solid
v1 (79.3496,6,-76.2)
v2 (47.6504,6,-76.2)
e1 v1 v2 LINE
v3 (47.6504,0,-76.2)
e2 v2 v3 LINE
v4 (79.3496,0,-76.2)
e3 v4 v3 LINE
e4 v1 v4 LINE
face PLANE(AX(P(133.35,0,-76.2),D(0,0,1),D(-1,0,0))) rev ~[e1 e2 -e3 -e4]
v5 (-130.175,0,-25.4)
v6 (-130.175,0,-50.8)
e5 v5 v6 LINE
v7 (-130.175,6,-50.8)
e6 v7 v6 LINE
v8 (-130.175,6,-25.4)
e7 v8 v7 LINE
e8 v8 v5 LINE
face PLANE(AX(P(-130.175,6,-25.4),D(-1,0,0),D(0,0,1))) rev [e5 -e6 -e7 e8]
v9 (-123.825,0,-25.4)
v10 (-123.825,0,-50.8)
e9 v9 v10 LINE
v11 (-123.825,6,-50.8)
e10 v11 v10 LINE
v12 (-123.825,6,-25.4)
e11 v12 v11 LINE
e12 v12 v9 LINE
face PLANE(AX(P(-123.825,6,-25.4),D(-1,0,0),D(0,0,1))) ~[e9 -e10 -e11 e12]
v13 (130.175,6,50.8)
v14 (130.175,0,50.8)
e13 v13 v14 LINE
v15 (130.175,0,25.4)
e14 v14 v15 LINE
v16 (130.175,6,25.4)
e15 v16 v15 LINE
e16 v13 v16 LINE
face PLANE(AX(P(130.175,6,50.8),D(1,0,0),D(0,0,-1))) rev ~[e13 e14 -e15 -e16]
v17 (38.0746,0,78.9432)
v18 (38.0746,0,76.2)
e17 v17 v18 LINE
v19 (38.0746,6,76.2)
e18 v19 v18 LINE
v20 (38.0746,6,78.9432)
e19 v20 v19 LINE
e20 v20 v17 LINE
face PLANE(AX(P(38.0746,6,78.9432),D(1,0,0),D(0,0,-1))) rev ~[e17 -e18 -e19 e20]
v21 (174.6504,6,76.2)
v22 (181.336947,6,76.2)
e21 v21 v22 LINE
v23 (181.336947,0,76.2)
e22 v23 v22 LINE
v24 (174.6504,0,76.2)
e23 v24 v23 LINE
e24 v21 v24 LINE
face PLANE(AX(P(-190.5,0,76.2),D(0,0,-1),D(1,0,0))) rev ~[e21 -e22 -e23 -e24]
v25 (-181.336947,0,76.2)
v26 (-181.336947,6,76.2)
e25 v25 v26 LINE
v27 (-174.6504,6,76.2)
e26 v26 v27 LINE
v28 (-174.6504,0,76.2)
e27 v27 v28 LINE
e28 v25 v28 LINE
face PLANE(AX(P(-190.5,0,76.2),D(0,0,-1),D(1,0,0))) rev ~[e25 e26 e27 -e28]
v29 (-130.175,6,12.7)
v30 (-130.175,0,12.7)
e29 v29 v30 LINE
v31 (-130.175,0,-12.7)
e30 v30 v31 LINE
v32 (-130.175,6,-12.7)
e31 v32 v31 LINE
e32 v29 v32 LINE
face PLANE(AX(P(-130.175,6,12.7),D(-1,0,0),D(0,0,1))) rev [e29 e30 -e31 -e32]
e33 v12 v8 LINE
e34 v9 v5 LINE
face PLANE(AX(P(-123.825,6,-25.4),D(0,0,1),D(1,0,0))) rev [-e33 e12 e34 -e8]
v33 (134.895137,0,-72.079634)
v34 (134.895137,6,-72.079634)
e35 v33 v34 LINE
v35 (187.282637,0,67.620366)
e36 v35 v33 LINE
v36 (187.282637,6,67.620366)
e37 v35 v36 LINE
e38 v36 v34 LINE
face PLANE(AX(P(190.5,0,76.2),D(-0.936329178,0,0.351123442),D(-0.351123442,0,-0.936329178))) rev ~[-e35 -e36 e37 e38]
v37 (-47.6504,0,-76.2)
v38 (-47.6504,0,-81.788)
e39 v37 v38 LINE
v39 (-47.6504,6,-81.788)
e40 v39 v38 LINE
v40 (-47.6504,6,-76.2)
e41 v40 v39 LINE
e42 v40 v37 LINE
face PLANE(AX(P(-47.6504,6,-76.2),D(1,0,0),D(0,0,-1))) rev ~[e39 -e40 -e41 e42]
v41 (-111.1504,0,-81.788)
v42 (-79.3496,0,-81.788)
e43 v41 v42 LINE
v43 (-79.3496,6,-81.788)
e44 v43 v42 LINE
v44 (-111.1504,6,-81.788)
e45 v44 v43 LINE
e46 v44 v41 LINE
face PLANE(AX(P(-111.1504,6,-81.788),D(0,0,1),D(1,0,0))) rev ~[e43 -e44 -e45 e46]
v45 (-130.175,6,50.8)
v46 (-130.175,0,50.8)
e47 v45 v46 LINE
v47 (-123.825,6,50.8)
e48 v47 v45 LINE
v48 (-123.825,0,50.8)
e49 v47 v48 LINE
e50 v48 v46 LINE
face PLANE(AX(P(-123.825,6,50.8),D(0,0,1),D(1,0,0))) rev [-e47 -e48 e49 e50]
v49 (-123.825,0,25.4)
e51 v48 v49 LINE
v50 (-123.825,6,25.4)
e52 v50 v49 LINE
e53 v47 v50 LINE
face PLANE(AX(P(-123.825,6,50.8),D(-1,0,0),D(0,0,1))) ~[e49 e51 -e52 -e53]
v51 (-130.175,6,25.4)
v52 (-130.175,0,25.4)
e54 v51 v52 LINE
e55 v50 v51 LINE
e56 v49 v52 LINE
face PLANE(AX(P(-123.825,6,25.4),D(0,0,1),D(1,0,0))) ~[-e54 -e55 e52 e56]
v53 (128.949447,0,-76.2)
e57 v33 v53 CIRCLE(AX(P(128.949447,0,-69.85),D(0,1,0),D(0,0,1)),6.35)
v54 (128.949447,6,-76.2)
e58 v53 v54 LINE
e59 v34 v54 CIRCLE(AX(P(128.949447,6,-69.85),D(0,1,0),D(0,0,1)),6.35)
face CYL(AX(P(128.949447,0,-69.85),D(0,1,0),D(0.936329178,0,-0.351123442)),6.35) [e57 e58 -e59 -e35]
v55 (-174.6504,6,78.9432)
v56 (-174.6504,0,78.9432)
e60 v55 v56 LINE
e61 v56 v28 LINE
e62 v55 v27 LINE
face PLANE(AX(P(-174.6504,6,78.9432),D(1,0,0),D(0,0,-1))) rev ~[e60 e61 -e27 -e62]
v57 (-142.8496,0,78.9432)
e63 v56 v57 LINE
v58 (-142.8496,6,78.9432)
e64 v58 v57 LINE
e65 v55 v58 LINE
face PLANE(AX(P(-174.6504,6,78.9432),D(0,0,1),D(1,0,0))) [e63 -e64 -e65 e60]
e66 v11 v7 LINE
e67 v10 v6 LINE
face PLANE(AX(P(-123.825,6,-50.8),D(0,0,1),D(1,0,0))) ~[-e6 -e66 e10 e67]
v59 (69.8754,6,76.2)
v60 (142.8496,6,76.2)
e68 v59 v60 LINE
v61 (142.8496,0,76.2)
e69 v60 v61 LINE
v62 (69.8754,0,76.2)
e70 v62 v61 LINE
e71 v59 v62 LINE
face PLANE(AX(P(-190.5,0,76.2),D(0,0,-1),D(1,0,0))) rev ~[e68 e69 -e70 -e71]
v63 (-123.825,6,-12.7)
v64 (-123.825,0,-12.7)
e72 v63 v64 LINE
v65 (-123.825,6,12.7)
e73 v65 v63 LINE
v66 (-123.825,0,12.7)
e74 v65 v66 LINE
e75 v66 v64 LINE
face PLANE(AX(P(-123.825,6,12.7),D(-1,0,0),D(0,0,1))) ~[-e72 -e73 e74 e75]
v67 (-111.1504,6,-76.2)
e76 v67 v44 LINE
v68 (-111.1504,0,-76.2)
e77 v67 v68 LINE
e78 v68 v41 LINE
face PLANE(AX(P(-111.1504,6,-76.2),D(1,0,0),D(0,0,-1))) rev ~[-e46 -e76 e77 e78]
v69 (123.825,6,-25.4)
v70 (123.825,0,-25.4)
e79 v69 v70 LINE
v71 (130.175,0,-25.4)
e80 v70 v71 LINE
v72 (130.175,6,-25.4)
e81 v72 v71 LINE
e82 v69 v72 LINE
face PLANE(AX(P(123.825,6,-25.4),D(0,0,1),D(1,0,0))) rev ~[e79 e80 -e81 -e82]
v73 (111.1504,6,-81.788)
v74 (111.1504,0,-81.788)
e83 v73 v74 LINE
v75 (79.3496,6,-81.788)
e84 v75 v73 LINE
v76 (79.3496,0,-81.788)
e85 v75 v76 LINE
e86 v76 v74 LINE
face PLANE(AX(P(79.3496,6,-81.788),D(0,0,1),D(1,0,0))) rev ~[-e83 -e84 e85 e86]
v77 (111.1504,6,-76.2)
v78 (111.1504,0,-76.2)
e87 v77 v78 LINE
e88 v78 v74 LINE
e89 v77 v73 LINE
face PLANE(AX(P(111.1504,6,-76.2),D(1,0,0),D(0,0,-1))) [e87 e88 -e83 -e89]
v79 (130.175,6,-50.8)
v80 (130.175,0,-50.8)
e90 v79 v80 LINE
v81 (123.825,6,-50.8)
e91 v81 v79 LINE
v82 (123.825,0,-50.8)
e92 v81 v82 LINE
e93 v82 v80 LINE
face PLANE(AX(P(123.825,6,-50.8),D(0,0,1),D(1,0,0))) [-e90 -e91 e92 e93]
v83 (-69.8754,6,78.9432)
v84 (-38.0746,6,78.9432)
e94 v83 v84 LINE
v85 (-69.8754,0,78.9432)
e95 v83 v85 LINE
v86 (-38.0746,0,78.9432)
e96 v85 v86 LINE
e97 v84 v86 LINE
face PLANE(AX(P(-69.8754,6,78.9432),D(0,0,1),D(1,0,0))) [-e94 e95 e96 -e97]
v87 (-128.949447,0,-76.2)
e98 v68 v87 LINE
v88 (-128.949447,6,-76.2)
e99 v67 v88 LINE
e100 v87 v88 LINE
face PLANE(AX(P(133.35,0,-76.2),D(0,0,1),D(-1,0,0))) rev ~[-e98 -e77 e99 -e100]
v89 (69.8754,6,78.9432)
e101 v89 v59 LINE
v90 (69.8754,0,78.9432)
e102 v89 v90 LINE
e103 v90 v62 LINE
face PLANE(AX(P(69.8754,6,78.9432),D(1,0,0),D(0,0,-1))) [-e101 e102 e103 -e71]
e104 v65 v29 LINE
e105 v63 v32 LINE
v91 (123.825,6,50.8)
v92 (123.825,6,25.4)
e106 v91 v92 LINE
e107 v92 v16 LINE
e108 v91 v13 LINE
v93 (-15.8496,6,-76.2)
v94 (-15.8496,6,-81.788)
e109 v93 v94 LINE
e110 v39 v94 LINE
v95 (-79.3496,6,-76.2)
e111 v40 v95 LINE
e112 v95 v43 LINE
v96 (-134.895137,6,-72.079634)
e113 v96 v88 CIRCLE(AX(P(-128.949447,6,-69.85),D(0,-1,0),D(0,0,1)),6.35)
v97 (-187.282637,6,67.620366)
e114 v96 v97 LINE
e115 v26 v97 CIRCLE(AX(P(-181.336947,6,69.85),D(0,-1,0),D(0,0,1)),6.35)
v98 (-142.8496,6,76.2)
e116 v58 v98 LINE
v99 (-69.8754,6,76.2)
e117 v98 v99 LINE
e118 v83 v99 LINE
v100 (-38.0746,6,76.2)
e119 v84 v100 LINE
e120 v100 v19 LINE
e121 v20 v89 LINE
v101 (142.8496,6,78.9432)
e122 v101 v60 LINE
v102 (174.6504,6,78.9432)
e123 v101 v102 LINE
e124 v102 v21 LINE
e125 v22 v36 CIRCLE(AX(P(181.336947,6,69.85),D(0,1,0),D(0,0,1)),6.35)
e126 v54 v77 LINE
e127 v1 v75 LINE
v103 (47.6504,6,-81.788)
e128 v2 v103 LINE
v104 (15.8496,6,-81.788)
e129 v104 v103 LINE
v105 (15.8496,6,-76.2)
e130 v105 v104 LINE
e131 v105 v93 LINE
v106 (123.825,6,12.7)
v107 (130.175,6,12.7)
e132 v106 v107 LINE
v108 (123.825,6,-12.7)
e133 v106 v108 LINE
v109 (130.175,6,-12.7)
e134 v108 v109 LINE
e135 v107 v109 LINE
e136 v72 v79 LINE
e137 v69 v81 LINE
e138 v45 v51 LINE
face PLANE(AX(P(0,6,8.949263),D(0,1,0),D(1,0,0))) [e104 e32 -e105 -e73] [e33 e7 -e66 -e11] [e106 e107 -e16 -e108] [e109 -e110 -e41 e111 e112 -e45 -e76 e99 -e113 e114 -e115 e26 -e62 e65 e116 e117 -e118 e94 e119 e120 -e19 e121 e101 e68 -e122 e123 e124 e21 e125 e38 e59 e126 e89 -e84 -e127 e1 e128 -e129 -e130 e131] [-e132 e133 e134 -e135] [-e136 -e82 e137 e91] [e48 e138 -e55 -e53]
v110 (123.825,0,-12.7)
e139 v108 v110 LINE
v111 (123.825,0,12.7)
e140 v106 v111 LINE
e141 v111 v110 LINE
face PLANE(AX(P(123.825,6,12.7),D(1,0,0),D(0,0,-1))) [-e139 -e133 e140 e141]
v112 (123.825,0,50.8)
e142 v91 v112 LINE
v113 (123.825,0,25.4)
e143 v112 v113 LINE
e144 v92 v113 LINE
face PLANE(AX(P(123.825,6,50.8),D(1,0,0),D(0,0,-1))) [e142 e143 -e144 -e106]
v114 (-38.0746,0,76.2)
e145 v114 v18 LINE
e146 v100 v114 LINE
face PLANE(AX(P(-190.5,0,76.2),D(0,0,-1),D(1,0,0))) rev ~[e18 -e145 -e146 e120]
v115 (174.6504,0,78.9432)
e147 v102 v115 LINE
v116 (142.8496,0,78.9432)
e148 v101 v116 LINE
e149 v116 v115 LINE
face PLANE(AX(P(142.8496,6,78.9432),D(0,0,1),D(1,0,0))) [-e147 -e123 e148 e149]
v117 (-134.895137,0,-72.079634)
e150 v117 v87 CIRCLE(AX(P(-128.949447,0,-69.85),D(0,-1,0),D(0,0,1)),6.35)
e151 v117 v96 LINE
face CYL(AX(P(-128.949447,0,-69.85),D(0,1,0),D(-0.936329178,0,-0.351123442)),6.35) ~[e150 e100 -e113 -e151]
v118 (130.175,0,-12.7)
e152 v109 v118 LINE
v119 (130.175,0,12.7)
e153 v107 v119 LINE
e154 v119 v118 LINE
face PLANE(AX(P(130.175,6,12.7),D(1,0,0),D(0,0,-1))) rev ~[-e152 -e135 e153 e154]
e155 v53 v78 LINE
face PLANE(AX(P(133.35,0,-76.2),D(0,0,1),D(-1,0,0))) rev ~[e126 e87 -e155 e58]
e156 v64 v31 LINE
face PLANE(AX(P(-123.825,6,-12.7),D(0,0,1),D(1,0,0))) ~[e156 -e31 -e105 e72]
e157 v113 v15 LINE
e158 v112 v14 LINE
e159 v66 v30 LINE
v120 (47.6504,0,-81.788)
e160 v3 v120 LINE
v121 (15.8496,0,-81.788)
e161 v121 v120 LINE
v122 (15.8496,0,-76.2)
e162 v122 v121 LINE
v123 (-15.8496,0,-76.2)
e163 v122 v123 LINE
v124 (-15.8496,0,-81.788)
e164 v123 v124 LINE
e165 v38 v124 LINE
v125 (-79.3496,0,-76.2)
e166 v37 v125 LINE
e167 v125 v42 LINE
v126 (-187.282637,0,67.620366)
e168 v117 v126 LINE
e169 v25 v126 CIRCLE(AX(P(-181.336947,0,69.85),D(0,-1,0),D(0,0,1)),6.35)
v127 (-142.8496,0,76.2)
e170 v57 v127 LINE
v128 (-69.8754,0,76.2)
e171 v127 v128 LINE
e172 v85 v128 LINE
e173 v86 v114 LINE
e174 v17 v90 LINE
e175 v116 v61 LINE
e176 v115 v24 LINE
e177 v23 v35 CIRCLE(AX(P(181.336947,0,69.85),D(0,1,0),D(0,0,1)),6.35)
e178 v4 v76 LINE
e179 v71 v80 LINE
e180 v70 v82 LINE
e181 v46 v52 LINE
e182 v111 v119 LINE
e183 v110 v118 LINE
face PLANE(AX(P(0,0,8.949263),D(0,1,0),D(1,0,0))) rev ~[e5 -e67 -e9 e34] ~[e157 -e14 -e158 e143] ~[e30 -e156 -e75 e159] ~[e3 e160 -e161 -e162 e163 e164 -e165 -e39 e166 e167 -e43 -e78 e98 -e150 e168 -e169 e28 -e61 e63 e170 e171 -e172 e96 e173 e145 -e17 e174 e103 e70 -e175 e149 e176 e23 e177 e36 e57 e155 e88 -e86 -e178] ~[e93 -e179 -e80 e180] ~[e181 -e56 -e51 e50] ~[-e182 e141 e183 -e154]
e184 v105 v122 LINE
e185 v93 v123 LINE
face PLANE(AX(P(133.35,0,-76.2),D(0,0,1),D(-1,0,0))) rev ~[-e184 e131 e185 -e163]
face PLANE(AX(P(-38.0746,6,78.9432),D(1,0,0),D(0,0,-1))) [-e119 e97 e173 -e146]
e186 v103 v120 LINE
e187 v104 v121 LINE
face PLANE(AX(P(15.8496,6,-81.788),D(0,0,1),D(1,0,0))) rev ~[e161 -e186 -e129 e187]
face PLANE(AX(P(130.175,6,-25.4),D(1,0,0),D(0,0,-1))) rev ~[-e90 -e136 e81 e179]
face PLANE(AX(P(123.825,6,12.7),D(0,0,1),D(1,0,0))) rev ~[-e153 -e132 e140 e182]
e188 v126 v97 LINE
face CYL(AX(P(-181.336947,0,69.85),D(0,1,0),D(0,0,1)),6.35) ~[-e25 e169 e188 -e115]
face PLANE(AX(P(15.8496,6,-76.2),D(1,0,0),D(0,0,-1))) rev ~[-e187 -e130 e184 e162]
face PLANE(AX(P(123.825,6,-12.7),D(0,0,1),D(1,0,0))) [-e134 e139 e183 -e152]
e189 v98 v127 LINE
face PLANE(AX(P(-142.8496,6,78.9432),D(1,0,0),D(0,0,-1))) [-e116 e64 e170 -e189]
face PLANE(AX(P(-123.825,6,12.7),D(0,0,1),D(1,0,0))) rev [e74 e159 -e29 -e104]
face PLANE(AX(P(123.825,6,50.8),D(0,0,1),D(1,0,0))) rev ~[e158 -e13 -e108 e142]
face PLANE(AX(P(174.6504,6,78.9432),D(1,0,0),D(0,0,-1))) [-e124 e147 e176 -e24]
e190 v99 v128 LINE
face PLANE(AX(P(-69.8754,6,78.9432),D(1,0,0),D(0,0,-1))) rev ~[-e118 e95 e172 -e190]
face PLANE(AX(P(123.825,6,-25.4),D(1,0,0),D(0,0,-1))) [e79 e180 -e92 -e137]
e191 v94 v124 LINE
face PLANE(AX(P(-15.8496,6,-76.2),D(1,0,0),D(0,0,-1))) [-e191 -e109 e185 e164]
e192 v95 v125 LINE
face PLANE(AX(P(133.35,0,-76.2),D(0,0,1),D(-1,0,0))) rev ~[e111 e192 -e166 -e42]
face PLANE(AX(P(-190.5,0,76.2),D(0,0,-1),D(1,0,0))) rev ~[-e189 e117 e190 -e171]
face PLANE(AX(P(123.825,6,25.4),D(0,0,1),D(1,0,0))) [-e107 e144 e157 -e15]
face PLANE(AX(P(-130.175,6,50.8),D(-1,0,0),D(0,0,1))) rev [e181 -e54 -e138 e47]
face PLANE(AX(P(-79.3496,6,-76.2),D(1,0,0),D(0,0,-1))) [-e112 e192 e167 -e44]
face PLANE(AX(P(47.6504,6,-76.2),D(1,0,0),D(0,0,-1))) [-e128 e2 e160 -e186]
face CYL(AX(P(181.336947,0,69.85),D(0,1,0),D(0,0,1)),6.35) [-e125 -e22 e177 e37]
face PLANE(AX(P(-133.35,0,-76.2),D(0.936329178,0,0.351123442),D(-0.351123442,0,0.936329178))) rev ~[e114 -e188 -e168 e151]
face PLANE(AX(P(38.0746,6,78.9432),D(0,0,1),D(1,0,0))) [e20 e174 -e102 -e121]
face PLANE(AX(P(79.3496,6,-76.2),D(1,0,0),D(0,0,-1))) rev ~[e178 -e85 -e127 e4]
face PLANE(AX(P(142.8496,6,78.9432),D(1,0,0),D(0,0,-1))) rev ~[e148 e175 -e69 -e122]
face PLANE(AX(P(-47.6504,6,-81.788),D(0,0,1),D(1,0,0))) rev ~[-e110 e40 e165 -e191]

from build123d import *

# Parameters (mm, degrees)
BOSS_EXTRUDE1_DEPTH = 6
SKETCH2_W           = 31.8008
SKETCH2_H           = 5.588
SKETCH2_H_2         = 2.7432
TABS_DEPTH          = 6
FILLET2_R           = 6.35
FILLET3_R           = 6.35
SKETCH5_W           = 6.35
SKETCH5_H           = 25.4
TAB_CUT_OUTS_DEPTH  = 6


with BuildPart() as part:
    # Sketch1 → Boss-Extrude1 (new body)
    with BuildSketch(Plane(origin=(0, 0, 0), x_dir=(1, 0, 0), z_dir=(0, 1, 0))):
        Polygon((-190.5, -76.2), (190.5, -76.2), (133.35, 76.2), (-133.35, 76.2), align=None)
    extrude(amount=BOSS_EXTRUDE1_DEPTH)

    # Sketch2 → Tabs (add)
    with BuildSketch(Plane(origin=(0, 6, 0), x_dir=(1, 0, 0), z_dir=(0, 1, 0))):
        with Locations((95.25, 78.994)):
            Rectangle(SKETCH2_W, SKETCH2_H)
        with Locations((-31.75, 78.994)):
            Rectangle(SKETCH2_W, SKETCH2_H)
        with Locations((-95.25, 78.994)):
            Rectangle(SKETCH2_W, SKETCH2_H)
        with Locations((31.75, 78.994)):
            Rectangle(SKETCH2_W, SKETCH2_H)
        with Locations((53.975, -77.5716)):
            Rectangle(SKETCH2_W, SKETCH2_H_2)
        with Locations((-53.975, -77.5716)):
            Rectangle(SKETCH2_W, SKETCH2_H_2)
        with Locations((-158.75, -77.5716)):
            Rectangle(SKETCH2_W, SKETCH2_H_2)
        with Locations((158.75, -77.5716)):
            Rectangle(SKETCH2_W, SKETCH2_H_2)
    extrude(amount=-TABS_DEPTH)

    # Fillet2
    fillet2_edges = [part.edges().sort_by_distance(p)[0] for p in [
        (190.5, 3, 76.2),
        (-190.5, 3, 76.2),
    ]]
    fillet(fillet2_edges, radius=FILLET2_R)

    # Fillet3
    fillet3_edges = [part.edges().sort_by_distance(p)[0] for p in [
        (-133.35, 3, -76.2),
        (133.35, 3, -76.2),
    ]]
    fillet(fillet3_edges, radius=FILLET3_R)

    # Sketch5 → Tab Cut Outs (cut)
    with BuildSketch(Plane(origin=(0, 6, 0), x_dir=(1, 0, 0), z_dir=(0, 1, 0))):
        with Locations((127, -38.1)):
            Rectangle(SKETCH5_W, SKETCH5_H)
        with Locations((127, 38.1)):
            Rectangle(SKETCH5_W, SKETCH5_H)
        with Locations((127, 0)):
            Rectangle(SKETCH5_W, SKETCH5_H)
    tab_cut_outs = extrude(amount=-TAB_CUT_OUTS_DEPTH, mode=Mode.SUBTRACT)

    # Mirror1: Tab Cut Outs across plane
    add(tab_cut_outs.mirror(Plane.ZY), mode=Mode.SUBTRACT)


solid = part.part
